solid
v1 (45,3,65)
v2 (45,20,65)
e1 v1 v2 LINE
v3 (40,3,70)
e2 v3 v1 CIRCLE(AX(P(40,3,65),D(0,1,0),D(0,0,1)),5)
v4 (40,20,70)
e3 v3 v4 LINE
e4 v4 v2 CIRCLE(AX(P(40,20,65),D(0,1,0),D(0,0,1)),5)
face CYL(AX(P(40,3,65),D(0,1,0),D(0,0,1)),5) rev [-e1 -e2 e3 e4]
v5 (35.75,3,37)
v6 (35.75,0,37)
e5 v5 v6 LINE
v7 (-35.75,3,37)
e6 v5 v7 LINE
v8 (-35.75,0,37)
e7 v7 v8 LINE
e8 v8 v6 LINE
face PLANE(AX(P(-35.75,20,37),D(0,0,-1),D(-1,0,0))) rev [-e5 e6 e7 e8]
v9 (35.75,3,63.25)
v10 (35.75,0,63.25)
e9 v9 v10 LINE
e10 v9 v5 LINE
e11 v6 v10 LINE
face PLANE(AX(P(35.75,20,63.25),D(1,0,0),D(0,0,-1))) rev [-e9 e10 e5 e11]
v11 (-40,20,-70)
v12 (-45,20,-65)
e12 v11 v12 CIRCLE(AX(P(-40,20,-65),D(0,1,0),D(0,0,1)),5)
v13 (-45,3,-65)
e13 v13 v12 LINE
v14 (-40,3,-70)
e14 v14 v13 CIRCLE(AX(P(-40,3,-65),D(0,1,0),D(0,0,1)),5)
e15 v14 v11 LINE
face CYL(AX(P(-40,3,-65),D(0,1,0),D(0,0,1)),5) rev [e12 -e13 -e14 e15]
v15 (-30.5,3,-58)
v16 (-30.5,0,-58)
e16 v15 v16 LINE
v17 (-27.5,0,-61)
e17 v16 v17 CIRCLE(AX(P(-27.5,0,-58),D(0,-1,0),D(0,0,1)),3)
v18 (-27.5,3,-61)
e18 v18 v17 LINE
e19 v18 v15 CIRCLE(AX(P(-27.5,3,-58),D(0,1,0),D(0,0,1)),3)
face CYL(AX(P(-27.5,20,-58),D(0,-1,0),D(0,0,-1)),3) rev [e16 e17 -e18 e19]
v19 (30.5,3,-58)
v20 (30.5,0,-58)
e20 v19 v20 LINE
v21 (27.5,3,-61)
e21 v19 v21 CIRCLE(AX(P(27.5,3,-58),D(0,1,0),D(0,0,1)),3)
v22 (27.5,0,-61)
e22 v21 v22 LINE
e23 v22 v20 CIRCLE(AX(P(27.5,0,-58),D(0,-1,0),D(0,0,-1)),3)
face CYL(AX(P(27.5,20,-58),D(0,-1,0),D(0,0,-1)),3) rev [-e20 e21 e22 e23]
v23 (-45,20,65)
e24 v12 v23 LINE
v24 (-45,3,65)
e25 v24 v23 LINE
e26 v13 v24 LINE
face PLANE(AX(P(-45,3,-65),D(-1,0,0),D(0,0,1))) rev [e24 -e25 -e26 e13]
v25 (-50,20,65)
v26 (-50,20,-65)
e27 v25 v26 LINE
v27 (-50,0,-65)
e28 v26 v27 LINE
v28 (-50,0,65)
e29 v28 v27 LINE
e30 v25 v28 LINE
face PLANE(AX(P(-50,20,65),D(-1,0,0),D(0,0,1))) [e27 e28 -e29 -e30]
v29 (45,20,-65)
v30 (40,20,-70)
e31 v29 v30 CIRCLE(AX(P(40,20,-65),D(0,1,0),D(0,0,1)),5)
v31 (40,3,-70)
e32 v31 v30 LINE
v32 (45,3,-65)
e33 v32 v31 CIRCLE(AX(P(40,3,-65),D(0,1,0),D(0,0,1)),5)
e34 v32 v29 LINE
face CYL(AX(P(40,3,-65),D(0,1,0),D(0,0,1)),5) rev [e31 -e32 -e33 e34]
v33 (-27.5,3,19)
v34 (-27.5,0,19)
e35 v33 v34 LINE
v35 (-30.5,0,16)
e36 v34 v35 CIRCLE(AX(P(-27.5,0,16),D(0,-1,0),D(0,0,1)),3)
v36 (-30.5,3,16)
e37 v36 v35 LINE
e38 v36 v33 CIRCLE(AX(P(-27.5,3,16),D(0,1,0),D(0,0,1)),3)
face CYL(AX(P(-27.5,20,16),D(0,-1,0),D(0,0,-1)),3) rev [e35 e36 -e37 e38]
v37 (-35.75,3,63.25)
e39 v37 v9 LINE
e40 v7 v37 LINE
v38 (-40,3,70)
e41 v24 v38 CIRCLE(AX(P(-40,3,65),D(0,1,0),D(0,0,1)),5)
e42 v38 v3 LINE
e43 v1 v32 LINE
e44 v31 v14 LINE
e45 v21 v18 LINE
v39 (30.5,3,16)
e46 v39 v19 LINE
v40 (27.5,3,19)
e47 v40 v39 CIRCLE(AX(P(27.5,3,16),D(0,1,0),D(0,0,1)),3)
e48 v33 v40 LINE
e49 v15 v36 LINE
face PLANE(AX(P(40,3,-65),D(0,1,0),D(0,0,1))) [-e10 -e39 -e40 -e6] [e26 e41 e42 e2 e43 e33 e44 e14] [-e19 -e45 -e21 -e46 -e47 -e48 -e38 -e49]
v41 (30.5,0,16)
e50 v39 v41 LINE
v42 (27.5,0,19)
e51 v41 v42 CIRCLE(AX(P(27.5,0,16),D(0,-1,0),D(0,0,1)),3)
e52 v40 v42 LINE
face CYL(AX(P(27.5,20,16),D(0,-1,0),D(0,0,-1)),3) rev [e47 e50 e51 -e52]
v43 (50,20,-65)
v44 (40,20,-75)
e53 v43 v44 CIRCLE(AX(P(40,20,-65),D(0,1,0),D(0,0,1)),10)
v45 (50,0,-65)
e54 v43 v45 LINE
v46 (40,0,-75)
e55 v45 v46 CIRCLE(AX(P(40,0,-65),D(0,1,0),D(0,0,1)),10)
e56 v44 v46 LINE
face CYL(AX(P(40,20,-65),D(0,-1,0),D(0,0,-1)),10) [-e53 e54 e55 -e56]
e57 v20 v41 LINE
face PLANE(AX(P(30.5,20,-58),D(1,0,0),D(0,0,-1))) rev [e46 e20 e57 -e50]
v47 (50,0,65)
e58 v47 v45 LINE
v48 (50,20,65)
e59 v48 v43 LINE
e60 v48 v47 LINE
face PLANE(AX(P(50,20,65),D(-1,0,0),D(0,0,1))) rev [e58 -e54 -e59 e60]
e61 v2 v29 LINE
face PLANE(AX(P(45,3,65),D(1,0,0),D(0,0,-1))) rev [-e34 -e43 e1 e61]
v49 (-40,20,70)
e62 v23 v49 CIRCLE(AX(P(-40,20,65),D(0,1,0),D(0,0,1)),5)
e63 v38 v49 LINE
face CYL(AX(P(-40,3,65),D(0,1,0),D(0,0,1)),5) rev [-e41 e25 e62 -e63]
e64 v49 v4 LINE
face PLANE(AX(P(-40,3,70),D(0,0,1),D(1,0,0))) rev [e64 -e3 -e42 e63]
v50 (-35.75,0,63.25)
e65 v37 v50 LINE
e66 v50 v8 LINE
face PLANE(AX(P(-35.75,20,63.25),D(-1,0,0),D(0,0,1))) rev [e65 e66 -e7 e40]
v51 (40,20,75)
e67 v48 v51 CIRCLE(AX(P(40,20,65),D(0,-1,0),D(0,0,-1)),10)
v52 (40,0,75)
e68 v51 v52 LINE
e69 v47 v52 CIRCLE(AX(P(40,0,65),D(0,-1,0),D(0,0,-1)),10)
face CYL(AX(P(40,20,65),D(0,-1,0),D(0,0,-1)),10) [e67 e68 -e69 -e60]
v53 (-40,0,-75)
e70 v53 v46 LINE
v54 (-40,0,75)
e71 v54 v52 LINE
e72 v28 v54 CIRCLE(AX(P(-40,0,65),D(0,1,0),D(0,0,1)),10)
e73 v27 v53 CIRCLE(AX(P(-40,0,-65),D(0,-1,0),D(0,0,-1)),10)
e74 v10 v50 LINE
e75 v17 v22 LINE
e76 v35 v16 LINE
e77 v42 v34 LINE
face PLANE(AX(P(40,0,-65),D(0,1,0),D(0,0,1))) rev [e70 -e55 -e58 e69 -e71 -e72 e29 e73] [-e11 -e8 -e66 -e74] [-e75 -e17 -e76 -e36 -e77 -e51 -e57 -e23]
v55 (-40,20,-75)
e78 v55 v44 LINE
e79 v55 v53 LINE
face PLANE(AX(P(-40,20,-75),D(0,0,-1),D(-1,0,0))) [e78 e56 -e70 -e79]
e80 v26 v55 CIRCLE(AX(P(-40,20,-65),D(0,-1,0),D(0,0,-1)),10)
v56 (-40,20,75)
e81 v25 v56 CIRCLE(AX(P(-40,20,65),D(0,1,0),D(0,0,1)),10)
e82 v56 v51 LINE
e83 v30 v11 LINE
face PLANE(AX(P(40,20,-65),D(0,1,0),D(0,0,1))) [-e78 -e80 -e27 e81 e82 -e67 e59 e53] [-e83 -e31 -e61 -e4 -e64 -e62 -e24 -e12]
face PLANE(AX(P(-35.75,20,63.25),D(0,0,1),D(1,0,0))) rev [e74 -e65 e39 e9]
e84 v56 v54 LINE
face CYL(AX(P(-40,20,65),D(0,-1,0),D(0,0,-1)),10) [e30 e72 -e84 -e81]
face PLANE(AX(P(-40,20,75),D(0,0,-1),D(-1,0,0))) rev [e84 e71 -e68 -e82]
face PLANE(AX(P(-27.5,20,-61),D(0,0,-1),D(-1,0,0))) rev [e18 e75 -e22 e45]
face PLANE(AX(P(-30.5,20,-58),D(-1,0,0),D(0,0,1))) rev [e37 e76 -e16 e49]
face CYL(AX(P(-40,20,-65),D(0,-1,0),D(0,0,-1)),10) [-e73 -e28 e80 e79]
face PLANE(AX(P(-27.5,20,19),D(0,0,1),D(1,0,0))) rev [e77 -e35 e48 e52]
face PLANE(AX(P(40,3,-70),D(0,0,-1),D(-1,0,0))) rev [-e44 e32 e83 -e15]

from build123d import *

# Parameters (mm, degrees)
BOSS_EXTRUDE1_DEPTH = 20
CUT_EXTRUDE1_DEPTH  = 17
SKETCH4_W           = 71.5
SKETCH4_H           = 26.25
CUT_EXTRUDE2_DEPTH  = 93.330926563


with BuildPart() as part:
    # Sketch1 → Boss-Extrude1 (new body)
    with BuildSketch(Plane(origin=(0, 0, 0), x_dir=(1, 0, 0), z_dir=(0, 1, 0))):
        with BuildLine():
            Line((-40, -75), (40, -75))
            ThreePointArc((40, -75), (47.071067812, -72.071067812), (50, -65))
            Line((50, -65), (50, 65))
            ThreePointArc((50, 65), (47.071067812, 72.071067812), (40, 75))
            Line((40, 75), (-40, 75))
            ThreePointArc((-40, 75), (-47.071067812, 72.071067812), (-50, 65))
            Line((-50, 65), (-50, -65))
            ThreePointArc((-50, -65), (-47.071067812, -72.071067812), (-40, -75))
        make_face()
    extrude(amount=BOSS_EXTRUDE1_DEPTH)

    # Sketch3 → Cut-Extrude1 (cut)
    with BuildSketch(Plane(origin=(0, 20, 0), x_dir=(1, 0, 0), z_dir=(0, 1, 0))):
        with BuildLine():
            Line((40, 70), (-40, 70))
            ThreePointArc((-40, 70), (-43.535533906, 68.535533906), (-45, 65))
            Line((-45, 65), (-45, -65))
            ThreePointArc((-45, -65), (-43.535533906, -68.535533906), (-40, -70))
            Line((-40, -70), (40, -70))
            ThreePointArc((40, -70), (43.535533906, -68.535533906), (45, -65))
            Line((45, -65), (45, 65))
            ThreePointArc((45, 65), (43.535533906, 68.535533906), (40, 70))
        make_face()
    extrude(amount=-CUT_EXTRUDE1_DEPTH, mode=Mode.SUBTRACT)

    # Sketch4 → Cut-Extrude2 (cut, through all)
    with BuildSketch(Plane.XZ):
        with BuildLine():
            Line((-27.5, -61), (27.5, -61))
            ThreePointArc((27.5, -61), (29.621320344, -60.121320344), (30.5, -58))
            Line((30.5, -58), (30.5, 16))
            ThreePointArc((30.5, 16), (29.621320344, 18.121320344), (27.5, 19))
            Line((27.5, 19), (-27.5, 19))
            ThreePointArc((-27.5, 19), (-29.621320344, 18.121320344), (-30.5, 16))
            Line((-30.5, 16), (-30.5, -58))
            ThreePointArc((-30.5, -58), (-29.621320344, -60.121320344), (-27.5, -61))
        make_face()
        with Locations((0, 50.125)):
            Rectangle(SKETCH4_W, SKETCH4_H)
    extrude(amount=-CUT_EXTRUDE2_DEPTH, mode=Mode.SUBTRACT)


solid = part.part
